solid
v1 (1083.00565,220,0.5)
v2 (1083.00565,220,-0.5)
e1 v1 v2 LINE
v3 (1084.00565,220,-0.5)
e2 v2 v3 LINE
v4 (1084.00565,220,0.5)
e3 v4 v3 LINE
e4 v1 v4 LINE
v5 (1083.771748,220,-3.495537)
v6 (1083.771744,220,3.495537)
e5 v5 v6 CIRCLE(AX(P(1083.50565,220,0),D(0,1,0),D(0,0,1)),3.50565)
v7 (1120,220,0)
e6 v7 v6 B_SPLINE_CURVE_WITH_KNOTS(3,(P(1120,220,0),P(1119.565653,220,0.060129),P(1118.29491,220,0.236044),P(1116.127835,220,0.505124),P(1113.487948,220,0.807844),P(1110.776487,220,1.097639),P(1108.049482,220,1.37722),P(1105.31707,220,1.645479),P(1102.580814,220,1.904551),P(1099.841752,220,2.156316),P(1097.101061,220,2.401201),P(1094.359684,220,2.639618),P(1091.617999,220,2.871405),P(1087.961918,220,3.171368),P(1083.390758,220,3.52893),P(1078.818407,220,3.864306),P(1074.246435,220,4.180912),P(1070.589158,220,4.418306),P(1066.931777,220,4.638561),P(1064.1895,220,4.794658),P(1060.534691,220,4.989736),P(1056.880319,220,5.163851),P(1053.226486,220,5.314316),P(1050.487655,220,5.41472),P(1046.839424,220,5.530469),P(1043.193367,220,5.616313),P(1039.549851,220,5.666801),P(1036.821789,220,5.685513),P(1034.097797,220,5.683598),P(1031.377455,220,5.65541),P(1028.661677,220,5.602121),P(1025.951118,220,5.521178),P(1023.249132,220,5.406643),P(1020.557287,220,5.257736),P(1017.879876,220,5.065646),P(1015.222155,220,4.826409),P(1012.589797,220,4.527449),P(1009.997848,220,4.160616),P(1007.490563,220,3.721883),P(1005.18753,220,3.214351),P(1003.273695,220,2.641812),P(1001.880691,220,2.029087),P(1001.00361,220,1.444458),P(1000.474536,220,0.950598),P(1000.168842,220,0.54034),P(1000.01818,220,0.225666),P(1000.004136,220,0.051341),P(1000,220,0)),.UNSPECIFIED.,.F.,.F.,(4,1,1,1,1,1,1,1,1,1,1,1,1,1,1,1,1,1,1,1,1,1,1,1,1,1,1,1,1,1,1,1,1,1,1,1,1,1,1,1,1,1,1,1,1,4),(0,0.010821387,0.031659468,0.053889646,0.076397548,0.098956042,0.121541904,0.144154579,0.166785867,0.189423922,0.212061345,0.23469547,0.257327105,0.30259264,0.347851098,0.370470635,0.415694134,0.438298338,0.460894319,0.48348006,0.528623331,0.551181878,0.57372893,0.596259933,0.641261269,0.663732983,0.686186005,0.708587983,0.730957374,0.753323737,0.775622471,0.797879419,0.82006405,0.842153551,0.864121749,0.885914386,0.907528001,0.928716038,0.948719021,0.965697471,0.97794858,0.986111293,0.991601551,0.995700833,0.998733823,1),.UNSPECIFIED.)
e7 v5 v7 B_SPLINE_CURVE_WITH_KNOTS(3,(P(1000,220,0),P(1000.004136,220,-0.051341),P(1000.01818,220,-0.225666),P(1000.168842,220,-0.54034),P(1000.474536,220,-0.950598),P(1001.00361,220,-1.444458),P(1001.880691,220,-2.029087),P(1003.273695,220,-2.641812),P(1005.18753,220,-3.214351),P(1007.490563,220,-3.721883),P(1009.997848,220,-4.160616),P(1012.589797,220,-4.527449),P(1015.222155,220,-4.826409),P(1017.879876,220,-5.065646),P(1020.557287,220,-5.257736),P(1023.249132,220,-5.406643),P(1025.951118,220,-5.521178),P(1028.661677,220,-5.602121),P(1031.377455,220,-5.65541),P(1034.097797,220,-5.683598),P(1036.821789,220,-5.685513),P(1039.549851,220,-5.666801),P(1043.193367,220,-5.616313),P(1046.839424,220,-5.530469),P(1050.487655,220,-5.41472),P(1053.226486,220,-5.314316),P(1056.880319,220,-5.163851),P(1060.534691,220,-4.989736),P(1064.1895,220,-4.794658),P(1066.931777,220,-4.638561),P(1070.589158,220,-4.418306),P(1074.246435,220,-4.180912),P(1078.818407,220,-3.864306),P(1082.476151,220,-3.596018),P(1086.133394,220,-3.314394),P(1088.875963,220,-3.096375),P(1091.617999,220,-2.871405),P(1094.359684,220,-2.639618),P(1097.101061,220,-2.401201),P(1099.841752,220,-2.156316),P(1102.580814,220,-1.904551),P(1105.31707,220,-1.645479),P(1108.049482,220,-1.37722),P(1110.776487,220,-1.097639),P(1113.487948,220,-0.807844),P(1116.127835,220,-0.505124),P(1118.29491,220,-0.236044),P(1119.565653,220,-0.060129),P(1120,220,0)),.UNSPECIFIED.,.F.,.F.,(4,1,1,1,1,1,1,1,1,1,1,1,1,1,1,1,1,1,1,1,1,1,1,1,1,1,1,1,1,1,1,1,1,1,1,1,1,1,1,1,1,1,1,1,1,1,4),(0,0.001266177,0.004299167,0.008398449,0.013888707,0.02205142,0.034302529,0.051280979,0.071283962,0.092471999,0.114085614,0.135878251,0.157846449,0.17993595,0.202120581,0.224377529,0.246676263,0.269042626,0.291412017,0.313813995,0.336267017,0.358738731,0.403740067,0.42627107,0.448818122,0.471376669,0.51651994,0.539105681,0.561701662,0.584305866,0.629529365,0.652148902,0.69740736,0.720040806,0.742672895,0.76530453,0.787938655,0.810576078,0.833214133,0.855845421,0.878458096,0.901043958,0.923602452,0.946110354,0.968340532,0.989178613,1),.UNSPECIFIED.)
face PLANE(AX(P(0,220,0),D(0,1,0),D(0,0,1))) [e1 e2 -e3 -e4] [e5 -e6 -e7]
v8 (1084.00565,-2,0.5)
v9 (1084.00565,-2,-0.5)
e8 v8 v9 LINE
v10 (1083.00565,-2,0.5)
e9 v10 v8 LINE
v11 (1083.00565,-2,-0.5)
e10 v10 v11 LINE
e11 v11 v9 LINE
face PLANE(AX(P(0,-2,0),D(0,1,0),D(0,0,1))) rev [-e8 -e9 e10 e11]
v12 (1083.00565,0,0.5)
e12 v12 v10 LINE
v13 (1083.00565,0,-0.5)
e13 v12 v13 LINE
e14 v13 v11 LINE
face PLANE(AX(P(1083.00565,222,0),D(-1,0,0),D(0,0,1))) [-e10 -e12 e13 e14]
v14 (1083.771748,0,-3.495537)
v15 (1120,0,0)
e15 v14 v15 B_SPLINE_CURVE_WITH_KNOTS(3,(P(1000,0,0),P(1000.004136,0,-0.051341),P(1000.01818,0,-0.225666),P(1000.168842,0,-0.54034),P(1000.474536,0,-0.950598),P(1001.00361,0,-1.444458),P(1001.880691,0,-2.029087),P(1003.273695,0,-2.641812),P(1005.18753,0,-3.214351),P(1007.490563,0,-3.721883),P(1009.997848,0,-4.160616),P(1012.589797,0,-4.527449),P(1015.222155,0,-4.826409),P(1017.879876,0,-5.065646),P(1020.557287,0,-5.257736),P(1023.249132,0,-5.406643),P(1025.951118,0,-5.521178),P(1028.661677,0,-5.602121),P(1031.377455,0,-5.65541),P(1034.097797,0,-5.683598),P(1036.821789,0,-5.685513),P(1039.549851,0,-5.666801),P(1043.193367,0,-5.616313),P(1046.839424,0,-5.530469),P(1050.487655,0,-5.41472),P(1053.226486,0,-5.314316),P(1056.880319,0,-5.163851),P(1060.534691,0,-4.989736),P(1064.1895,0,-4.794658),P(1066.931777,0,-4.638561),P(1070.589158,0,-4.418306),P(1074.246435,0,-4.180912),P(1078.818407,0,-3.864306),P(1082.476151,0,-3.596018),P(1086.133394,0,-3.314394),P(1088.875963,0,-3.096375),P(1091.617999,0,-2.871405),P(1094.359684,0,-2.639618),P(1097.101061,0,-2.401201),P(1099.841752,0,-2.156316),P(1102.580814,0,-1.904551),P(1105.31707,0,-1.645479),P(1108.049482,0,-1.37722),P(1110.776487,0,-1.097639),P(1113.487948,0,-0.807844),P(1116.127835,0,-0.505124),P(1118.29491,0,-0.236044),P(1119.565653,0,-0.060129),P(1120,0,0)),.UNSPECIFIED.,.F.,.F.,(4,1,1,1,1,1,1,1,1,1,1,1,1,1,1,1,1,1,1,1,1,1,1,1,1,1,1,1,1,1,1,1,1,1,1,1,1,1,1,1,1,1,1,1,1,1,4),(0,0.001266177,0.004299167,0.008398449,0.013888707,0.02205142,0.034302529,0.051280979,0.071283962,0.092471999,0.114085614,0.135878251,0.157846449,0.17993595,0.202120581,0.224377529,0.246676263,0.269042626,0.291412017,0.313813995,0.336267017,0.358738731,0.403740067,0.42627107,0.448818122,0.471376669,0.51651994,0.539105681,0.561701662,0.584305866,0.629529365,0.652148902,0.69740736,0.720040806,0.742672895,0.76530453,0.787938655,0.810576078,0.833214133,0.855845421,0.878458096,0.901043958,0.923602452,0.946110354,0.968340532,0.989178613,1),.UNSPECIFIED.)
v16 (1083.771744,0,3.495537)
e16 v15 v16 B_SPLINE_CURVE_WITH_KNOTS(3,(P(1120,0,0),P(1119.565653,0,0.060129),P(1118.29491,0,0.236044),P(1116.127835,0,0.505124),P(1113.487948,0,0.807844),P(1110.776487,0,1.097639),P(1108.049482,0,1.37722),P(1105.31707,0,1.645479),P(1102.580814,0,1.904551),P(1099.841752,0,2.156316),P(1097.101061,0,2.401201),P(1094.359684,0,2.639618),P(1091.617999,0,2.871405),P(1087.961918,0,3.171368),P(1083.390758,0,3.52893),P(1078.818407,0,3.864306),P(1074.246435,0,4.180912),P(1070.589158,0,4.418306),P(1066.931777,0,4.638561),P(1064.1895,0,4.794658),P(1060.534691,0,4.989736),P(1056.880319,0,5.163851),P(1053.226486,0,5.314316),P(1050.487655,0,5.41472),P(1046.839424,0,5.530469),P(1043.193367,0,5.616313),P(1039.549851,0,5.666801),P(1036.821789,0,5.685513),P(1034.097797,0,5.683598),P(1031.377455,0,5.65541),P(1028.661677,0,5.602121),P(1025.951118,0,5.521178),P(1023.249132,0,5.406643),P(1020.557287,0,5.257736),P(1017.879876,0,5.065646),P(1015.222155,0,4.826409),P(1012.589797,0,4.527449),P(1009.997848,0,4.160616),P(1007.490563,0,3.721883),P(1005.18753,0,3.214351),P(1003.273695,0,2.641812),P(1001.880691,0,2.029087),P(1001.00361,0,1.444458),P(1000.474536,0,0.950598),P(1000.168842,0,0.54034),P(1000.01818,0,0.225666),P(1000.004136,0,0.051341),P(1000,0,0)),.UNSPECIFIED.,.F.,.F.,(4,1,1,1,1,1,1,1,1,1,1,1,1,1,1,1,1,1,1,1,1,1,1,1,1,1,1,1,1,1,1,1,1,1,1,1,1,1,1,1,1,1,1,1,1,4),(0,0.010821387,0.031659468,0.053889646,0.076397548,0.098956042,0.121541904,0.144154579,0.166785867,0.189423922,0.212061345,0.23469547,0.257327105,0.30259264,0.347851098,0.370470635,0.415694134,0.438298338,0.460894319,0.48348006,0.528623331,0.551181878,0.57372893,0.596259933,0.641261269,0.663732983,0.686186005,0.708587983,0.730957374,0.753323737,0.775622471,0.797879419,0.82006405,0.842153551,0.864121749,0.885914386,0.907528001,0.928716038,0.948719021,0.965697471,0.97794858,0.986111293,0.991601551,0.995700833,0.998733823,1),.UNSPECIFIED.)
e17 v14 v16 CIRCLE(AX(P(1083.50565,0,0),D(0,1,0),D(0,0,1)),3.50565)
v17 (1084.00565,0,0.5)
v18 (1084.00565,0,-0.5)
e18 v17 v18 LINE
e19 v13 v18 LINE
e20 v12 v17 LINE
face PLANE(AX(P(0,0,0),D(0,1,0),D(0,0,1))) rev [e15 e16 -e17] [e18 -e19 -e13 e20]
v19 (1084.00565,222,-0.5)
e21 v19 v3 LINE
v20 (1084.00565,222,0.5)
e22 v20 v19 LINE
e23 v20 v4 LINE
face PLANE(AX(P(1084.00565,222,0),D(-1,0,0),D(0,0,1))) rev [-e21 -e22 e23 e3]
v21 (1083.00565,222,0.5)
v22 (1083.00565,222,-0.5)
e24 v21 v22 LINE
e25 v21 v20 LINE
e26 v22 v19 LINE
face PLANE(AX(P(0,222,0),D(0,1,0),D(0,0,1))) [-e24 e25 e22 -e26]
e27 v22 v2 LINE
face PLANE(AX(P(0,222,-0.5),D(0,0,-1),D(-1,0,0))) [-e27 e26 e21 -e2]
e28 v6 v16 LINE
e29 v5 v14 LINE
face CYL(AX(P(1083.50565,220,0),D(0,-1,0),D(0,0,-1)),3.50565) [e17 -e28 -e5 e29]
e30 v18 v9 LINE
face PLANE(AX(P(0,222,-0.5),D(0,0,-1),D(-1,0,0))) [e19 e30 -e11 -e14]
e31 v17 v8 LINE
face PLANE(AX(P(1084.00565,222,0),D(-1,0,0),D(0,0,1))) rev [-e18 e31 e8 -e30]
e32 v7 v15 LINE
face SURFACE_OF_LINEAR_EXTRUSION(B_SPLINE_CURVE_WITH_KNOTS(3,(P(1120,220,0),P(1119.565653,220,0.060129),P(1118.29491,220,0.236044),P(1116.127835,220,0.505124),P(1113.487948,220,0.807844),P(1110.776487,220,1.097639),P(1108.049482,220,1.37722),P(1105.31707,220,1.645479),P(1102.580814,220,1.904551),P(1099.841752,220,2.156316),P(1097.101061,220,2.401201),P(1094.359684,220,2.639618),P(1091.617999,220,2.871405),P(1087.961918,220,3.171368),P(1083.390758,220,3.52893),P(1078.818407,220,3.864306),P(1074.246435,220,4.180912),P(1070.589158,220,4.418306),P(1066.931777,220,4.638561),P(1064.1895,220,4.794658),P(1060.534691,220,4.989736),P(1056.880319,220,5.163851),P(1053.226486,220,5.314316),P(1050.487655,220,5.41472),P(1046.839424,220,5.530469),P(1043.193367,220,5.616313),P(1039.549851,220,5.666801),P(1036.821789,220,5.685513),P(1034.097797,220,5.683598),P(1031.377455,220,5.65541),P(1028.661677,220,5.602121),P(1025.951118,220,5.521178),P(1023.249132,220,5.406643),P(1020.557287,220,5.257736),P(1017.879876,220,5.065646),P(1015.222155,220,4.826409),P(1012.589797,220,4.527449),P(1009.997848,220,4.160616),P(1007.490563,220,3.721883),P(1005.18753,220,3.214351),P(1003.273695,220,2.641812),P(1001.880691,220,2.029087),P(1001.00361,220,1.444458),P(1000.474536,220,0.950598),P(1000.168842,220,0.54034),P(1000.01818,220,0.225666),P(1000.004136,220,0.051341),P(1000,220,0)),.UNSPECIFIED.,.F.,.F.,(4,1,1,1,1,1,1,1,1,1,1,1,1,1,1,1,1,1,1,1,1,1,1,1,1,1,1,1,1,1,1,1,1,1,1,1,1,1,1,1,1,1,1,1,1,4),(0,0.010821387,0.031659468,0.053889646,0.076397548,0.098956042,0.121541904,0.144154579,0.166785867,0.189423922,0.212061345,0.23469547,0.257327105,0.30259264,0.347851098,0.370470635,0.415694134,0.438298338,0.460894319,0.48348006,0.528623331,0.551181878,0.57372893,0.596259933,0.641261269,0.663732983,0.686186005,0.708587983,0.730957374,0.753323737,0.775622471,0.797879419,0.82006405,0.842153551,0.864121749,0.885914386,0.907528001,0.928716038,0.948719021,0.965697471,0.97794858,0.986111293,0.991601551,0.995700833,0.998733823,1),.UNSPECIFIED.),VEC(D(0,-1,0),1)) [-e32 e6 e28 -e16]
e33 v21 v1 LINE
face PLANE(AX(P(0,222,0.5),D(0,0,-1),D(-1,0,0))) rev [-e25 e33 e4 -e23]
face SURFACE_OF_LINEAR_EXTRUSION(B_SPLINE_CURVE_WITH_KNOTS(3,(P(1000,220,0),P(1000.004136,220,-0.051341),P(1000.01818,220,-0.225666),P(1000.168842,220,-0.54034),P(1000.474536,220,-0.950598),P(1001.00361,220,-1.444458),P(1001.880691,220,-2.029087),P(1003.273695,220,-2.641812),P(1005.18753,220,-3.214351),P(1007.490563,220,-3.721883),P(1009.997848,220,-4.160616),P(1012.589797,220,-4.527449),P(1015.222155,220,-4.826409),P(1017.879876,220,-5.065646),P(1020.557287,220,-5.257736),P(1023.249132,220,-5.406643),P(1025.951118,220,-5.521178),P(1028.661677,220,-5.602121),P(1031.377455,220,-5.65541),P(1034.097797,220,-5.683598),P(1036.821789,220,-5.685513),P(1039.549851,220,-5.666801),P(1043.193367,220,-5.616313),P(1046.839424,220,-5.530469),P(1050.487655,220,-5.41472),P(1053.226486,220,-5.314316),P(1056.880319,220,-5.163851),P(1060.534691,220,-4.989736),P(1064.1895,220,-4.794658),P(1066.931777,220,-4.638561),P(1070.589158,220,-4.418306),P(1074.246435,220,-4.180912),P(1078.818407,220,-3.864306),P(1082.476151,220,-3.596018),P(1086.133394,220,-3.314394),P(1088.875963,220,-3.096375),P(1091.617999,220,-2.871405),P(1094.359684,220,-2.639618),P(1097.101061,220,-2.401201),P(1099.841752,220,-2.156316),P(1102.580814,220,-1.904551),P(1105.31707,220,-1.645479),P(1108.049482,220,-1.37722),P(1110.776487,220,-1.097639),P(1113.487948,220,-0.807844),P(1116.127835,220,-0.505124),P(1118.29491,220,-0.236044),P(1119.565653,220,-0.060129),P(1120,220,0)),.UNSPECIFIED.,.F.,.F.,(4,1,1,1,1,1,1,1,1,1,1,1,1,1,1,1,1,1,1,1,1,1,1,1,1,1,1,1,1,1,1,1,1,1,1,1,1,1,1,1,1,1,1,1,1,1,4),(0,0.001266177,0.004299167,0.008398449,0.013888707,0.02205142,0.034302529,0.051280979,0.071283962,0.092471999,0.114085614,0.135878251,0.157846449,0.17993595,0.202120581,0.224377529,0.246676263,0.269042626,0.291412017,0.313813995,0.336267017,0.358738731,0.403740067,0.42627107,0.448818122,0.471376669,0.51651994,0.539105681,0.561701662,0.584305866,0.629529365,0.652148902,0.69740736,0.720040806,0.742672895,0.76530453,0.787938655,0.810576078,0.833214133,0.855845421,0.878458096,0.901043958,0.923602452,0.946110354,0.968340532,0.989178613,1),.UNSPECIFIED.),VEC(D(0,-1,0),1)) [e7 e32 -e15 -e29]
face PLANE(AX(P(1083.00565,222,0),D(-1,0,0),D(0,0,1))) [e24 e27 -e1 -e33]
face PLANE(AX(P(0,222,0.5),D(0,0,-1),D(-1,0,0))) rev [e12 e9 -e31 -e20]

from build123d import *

# Parameters (mm, degrees)
SKETCH_2_W      = 1
SKETCH_2_H      = 1
EXTRUDE_1_DEPTH = 220
EXTRUDE_START   = -2
SKETCH_2_3_W    = 1
SKETCH_2_3_H    = 1
EXTRUDE_2_DEPTH = 224


with BuildPart() as part:
    # Эскиз2 → Бобышка-Вытянуть1 (new body)
    with BuildSketch(Plane(origin=(0, 0, 0), x_dir=(1, 0, 0), z_dir=(0, 1, 0))):
        with BuildLine():
            add(Edge.make_bspline(
                [(1083.771747789, 3.495536657), (1084.559015588, 3.435605975), (1086.260562943, 3.304284604), (1088.875963221, 3.096374786), (1091.617998939, 2.871404666), (1094.359683654, 2.639618173), (1097.101060652, 2.401201187), (1099.841752147, 2.156315779), (1102.580813649, 1.904550906), (1105.317070012, 1.645478536), (1108.049481509, 1.37722039), (1110.776487444, 1.097638633), (1113.487947613, 0.807843629), (1116.127835032, 0.505124451), (1118.294910337, 0.236043523), (1119.565652922, 0.060128694), (1120, 0)],
                knots=[0.700555661, 0.700555661, 0.700555661, 0.700555661, 0.720040806, 0.742672895, 0.76530453, 0.787938655, 0.810576078, 0.833214133, 0.855845421, 0.878458096, 0.901043958, 0.923602452, 0.946110354, 0.968340532, 0.989178613, 1, 1, 1, 1], degree=3))
            ThreePointArc((1083.771747789, 3.495536657), (1080, 1.743e-06), (1083.77174419, -3.495537054))
            add(Edge.make_bspline(
                [(1120, 0), (1119.565652922, -0.060128694), (1118.294910337, -0.236043523), (1116.127835032, -0.505124451), (1113.487947613, -0.807843629), (1110.776487444, -1.097638633), (1108.049481509, -1.37722039), (1105.317070012, -1.645478536), (1102.580813649, -1.904550906), (1099.841752147, -2.156315779), (1097.101060652, -2.401201187), (1094.359683654, -2.639618173), (1091.617998939, -2.871404666), (1088.089059882, -3.160936213), (1085.473428777, -3.365998247), (1083.77174419, -3.495537054)],
                knots=[0, 0, 0, 0, 0.010821387, 0.031659468, 0.053889646, 0.076397548, 0.098956042, 0.121541904, 0.144154579, 0.166785867, 0.189423922, 0.212061345, 0.23469547, 0.257327105, 0.299444369, 0.299444369, 0.299444369, 0.299444369], degree=3))
        make_face()
        with Locations((1083.505650406, -6.1e-08)):
            Rectangle(SKETCH_2_W, SKETCH_2_H, mode=Mode.SUBTRACT)
    extrude(amount=EXTRUDE_1_DEPTH)

    # Эскиз2<3> → Бобышка-Вытянуть2 (add)
    with BuildSketch(Plane(origin=(0, 0, 0), x_dir=(1, 0, 0), z_dir=(0, 1, 0)).offset(EXTRUDE_START)):
        with Locations((1083.505650406, -6.1e-08)):
            Rectangle(SKETCH_2_3_W, SKETCH_2_3_H)
    extrude(amount=EXTRUDE_2_DEPTH)


solid = part.part
